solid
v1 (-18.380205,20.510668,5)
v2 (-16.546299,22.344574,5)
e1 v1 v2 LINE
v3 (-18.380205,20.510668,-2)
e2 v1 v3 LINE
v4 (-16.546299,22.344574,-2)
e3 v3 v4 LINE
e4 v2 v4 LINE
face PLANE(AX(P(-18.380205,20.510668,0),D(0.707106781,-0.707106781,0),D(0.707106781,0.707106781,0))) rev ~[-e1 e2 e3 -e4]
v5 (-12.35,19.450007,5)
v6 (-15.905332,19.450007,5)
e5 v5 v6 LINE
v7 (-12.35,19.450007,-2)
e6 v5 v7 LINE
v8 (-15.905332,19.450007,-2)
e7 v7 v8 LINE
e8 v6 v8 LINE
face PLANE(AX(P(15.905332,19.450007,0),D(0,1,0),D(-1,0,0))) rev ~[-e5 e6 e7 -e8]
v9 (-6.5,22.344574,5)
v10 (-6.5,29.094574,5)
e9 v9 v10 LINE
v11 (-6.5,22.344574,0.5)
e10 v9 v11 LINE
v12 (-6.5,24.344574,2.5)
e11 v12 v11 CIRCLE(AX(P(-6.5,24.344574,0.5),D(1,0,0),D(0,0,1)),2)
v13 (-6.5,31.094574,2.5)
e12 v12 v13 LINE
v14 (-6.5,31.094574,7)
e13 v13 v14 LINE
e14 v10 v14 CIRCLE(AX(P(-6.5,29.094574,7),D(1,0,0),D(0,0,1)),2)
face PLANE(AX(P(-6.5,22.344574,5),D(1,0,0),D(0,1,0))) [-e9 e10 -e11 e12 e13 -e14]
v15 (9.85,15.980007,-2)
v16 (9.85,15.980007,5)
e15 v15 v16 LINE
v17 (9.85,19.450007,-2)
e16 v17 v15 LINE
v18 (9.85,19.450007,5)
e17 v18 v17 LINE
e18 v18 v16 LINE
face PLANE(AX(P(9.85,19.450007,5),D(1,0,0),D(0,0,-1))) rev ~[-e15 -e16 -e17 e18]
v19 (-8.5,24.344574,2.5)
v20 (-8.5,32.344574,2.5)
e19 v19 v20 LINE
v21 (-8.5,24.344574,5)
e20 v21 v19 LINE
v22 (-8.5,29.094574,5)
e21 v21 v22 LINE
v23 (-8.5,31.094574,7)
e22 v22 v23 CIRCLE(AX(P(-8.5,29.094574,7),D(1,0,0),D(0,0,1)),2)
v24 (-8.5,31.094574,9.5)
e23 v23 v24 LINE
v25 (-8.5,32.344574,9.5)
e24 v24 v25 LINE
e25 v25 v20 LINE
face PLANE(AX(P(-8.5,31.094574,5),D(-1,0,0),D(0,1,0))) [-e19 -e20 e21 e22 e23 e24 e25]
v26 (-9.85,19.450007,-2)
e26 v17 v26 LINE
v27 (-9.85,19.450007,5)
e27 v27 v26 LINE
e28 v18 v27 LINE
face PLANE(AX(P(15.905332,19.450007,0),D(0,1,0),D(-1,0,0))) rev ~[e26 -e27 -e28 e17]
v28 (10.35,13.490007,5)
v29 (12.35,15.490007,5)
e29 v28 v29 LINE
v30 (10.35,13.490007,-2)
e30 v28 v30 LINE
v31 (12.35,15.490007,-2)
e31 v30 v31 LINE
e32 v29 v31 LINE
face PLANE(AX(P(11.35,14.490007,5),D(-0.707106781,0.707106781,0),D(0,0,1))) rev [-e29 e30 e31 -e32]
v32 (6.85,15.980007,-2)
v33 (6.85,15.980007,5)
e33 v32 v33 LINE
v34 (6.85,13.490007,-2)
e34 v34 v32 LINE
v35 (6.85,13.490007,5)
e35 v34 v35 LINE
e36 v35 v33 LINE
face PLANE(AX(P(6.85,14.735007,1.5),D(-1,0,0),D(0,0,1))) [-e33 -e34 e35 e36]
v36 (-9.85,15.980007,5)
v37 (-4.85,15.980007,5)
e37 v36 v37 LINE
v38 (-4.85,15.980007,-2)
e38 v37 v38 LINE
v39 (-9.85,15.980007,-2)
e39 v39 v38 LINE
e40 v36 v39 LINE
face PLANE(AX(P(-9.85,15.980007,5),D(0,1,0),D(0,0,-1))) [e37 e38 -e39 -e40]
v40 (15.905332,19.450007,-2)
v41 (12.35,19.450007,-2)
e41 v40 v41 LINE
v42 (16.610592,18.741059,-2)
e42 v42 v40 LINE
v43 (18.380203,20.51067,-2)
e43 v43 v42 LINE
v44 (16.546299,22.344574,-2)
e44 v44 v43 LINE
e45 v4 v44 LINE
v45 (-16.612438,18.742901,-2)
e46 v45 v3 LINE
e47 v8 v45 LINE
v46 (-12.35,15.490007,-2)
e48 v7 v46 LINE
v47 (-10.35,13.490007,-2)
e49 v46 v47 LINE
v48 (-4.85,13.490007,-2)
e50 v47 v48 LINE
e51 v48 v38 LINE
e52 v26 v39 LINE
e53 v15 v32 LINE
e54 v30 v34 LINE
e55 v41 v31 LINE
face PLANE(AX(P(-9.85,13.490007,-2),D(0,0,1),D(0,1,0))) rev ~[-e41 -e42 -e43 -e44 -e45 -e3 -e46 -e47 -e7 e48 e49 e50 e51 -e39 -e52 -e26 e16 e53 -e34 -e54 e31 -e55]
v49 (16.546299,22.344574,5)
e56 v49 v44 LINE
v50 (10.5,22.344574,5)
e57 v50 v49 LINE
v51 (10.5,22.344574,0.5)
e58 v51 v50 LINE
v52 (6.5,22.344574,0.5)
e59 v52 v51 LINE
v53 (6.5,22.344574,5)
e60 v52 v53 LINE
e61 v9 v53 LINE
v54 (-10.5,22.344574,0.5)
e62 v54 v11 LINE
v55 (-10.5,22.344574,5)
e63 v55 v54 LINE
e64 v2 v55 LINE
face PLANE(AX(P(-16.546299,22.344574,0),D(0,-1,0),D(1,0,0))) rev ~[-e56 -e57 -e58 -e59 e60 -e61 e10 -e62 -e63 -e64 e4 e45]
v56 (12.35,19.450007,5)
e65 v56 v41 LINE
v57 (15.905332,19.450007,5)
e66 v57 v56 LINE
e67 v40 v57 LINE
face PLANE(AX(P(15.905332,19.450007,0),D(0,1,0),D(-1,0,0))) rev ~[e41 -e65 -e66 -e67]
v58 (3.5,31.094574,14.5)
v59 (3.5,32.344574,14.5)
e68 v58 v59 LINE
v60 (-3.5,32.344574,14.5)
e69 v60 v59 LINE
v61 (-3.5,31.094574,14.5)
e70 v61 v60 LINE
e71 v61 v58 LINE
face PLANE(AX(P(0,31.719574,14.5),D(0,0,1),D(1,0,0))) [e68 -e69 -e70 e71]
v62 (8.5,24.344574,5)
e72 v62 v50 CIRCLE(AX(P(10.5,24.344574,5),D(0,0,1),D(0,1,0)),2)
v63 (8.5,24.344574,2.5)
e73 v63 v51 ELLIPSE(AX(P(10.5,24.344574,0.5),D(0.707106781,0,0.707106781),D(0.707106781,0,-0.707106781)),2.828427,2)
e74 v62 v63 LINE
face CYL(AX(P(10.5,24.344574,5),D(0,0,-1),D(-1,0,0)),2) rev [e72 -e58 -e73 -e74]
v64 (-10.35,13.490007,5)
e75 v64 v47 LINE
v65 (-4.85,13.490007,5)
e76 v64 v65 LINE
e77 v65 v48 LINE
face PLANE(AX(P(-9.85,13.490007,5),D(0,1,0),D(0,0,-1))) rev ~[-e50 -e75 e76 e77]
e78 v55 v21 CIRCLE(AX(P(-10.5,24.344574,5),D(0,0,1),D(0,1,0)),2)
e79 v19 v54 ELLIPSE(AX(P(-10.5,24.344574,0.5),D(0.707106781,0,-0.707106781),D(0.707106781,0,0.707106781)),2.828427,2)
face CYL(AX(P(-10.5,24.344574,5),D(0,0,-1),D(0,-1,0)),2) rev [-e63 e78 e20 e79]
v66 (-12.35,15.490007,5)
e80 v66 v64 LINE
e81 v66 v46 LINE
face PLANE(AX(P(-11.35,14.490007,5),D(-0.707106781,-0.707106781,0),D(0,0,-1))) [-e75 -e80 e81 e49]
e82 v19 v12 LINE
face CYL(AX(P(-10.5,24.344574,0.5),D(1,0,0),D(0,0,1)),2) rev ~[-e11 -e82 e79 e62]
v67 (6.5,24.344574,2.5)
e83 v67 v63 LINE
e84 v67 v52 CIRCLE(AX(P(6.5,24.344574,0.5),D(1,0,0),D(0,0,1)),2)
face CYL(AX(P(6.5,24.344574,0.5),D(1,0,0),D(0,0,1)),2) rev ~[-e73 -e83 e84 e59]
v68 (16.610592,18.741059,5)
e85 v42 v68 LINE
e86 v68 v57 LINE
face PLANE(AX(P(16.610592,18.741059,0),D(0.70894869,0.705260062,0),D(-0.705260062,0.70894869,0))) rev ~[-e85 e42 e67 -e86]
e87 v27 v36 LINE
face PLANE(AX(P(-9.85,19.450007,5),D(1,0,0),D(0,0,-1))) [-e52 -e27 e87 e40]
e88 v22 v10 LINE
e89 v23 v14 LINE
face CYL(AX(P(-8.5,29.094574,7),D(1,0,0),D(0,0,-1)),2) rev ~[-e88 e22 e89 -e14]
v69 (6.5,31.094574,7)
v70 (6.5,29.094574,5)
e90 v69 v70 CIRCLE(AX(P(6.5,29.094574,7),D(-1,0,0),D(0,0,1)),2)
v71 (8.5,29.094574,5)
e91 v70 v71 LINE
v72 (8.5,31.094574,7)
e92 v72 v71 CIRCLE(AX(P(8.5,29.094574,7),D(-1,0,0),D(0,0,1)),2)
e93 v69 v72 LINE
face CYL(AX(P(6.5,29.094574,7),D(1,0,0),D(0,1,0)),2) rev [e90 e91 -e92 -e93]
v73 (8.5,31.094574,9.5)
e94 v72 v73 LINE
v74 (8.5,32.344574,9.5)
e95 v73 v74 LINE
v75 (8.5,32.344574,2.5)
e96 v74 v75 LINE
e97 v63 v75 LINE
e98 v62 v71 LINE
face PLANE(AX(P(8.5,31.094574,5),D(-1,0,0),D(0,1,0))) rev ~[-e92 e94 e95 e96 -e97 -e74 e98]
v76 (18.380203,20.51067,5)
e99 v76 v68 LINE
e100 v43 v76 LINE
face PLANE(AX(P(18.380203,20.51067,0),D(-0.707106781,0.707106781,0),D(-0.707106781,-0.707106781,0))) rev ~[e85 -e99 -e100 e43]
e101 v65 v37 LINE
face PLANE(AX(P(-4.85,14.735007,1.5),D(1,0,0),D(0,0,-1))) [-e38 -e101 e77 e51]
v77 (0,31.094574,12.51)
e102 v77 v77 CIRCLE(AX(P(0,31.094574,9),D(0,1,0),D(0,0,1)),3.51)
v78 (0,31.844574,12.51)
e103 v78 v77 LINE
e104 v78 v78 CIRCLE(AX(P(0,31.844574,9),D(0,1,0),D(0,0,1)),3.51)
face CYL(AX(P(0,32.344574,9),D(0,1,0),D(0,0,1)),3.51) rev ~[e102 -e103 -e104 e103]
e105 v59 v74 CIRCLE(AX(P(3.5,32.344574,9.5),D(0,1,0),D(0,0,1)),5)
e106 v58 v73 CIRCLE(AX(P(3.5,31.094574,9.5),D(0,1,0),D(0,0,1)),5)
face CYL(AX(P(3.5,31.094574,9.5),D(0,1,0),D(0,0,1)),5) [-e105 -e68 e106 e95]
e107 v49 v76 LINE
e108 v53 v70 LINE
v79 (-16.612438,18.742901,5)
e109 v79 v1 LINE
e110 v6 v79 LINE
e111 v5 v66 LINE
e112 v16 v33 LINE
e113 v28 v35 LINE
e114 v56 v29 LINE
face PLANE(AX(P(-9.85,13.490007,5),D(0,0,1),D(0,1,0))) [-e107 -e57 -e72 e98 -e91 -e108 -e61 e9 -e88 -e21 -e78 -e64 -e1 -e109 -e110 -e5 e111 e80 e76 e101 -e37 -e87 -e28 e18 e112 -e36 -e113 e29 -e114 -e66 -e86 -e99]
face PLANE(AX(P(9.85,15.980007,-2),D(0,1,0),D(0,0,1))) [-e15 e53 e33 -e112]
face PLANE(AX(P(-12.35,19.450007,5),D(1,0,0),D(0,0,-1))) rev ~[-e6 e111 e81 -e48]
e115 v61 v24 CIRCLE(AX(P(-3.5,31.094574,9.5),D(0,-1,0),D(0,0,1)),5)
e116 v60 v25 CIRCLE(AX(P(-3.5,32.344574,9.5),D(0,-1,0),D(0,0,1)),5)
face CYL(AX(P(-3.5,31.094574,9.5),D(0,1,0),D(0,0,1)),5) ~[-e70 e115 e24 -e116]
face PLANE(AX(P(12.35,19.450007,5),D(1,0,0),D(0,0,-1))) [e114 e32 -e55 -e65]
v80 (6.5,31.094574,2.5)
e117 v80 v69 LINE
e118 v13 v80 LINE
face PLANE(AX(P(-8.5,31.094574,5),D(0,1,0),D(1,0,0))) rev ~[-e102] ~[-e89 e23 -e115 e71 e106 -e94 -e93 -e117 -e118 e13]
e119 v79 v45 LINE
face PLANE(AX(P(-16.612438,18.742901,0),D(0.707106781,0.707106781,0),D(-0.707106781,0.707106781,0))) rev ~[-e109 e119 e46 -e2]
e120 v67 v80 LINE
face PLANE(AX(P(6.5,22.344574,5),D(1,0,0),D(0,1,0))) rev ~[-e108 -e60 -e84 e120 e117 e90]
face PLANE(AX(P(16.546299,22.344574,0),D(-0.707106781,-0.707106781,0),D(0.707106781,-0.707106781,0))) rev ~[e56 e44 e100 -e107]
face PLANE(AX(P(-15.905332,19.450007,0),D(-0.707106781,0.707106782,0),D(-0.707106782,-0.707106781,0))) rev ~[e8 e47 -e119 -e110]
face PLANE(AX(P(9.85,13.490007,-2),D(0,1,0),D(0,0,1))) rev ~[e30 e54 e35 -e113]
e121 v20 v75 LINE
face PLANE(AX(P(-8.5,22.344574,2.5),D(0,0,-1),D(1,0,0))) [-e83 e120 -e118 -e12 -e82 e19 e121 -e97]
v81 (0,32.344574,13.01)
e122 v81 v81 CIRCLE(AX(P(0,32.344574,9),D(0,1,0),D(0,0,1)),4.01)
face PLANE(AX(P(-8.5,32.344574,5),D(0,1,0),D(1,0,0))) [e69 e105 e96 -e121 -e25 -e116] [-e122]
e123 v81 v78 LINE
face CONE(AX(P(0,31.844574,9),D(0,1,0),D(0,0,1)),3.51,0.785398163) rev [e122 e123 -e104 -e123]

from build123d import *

# Parameters (mm, degrees)
BOSS_EXTRUDE2_DEPTH = 5
BOSS_EXTRUDE3_DEPTH = 2
SKETCH8_W           = 2.5
SKETCH8_H           = 7
BOSS_EXTRUDE4_DEPTH = 5.96
SKETCH10_W          = 7
SKETCH10_H          = 2.49
BOSS_EXTRUDE5_DEPTH = 3
SKETCH11_W          = 7
SKETCH11_H          = 2.49
BOSS_EXTRUDE6_DEPTH = 5
SKETCH12_W          = 17
SKETCH12_H          = 2.5
BOSS_EXTRUDE7_DEPTH = 10
CUT_EXTRUDE7_REACH  = 39.855
SKETCH14_W          = 13
SKETCH14_H          = 8.75
SKETCH16_W          = 17
SKETCH16_H          = 1.25
BOSS_EXTRUDE8_DEPTH = 9.5
CUT_EXTRUDE8_REACH  = 32.06
SKETCH17_R          = 3.51
FILLET7_R           = 2
FILLET8_R           = 5
FILLET9_R           = 5
CHAMFER1_SIZE       = 2
CHAMFER2_SIZE       = 2
FILLET11_R          = 2
FILLET12_R          = 2
FILLET13_R          = 2
FILLET14_R          = 2
FILLET16_R          = 2
CHAMFER3_SIZE       = 0.5


with BuildPart() as part:
    # Sketch2 → Boss-Extrude2 (new body)
    with BuildSketch(Plane.XY):
        Polygon((15.905331571, 19.450007488), (-15.905331571, 19.450007488), (-16.612438353, 18.742900707), (-18.380205305, 20.51066766), (-16.54629868, 22.344574285), (16.54629868, 22.344574285), (18.3802029, 20.510670065), (16.610591633, 18.741058798), align=None)
    extrude(amount=BOSS_EXTRUDE2_DEPTH)

    # Sketch2<2> → Boss-Extrude3 (add)
    with BuildSketch(Plane.XY):
        Polygon((15.905331571, 19.450007488), (-15.905331571, 19.450007488), (-16.612438353, 18.742900707), (-18.380205305, 20.51066766), (-16.54629868, 22.344574285), (16.54629868, 22.344574285), (18.3802029, 20.510670065), (16.610591633, 18.741058798), align=None)
    extrude(amount=-BOSS_EXTRUDE3_DEPTH)

    # Sketch8 → Boss-Extrude4 (add)
    with BuildSketch(Plane(origin=(0, 19.450007488, 0), x_dir=(-1, 0, 0), z_dir=(0, -1, 0))):
        with Locations((11.1, -1.5)):
            Rectangle(SKETCH8_W, SKETCH8_H)
        with Locations((-11.1, -1.5)):
            Rectangle(SKETCH8_W, SKETCH8_H)
    extrude(amount=BOSS_EXTRUDE4_DEPTH)

    # Sketch10 → Boss-Extrude5 (add)
    with BuildSketch(Plane.ZY.offset(-9.85)):
        with Locations((1.5, 14.735007488)):
            Rectangle(SKETCH10_W, SKETCH10_H)
    extrude(amount=BOSS_EXTRUDE5_DEPTH)

    # Sketch11 → Boss-Extrude6 (add)
    with BuildSketch(Plane(origin=(-9.85, 0, 0), x_dir=(0, 0, -1), z_dir=(1, 0, 0))):
        with Locations((-1.5, 14.735007488)):
            Rectangle(SKETCH11_W, SKETCH11_H)
    extrude(amount=BOSS_EXTRUDE6_DEPTH)

    # Sketch12 → Boss-Extrude7 (add)
    with BuildSketch(Plane(origin=(0, 22.344574285, 0), x_dir=(1, 0, 0), z_dir=(0, 1, 0))):
        with Locations((0, -3.75)):
            Rectangle(SKETCH12_W, SKETCH12_H)
    extrude(amount=BOSS_EXTRUDE7_DEPTH)

    # Sketch14 → Cut-Extrude7 (cut, up to next)
    with BuildSketch(Plane.XY.offset(5), mode=Mode.PRIVATE) as cut_extrude7_sk1:
        with Locations((0, 26.719574285)):
            Rectangle(SKETCH14_W, SKETCH14_H)
    cut_extrude7_tool1 = extrude(cut_extrude7_sk1.sketch, amount=-CUT_EXTRUDE7_REACH, mode=Mode.PRIVATE) & part.part
    add(cut_extrude7_tool1.solids().sort_by_distance((0, 26.719574, 5))[0], mode=Mode.SUBTRACT)

    # Sketch16 → Boss-Extrude8 (add)
    with BuildSketch(Plane.XY.offset(5)):
        with Locations((0, 31.719574285)):
            Rectangle(SKETCH16_W, SKETCH16_H)
    extrude(amount=BOSS_EXTRUDE8_DEPTH)

    # Sketch17 → Cut-Extrude8 (cut, up to next)
    with BuildSketch(Plane(origin=(0, 32.344574285, 0), x_dir=(1, 0, 0), z_dir=(0, 1, 0)), mode=Mode.PRIVATE) as cut_extrude8_sk1:
        with Locations((0, -9)):
            Circle(SKETCH17_R)
    cut_extrude8_tool1 = extrude(cut_extrude8_sk1.sketch, amount=-CUT_EXTRUDE8_REACH, mode=Mode.PRIVATE) & part.part
    add(cut_extrude8_tool1.solids().sort_by_distance((0, 32.344574, 9))[0], mode=Mode.SUBTRACT)

    # Fillet7
    fillet7_edges = [part.edges().sort_by_distance(p)[0] for p in [
        (7.5, 31.094574285, 5),
    ]]
    fillet(fillet7_edges, radius=FILLET7_R)

    # Fillet8
    fillet8_edges = [part.edges().sort_by_distance(p)[0] for p in [
        (8.5, 31.719574285, 14.5),
    ]]
    fillet(fillet8_edges, radius=FILLET8_R)

    # Fillet9
    fillet9_edges = [part.edges().sort_by_distance(p)[0] for p in [
        (-8.5, 31.719574285, 14.5),
    ]]
    fillet(fillet9_edges, radius=FILLET9_R)

    # Chamfer1
    chamfer1_edges = [part.edges().sort_by_distance(p)[0] for p in [
        (-12.35, 13.490007488, 1.5),
    ]]
    chamfer(chamfer1_edges, length=CHAMFER1_SIZE)

    # Chamfer2
    chamfer2_edges = [part.edges().sort_by_distance(p)[0] for p in [
        (12.35, 13.490007488, 1.5),
    ]]
    chamfer(chamfer2_edges, length=CHAMFER2_SIZE)

    # Fillet11
    fillet11_edges = [part.edges().sort_by_distance(p)[0] for p in [
        (-8.5, 22.344574285, 3.75),
    ]]
    fillet(fillet11_edges, radius=FILLET11_R)

    # Fillet12
    fillet12_edges = [part.edges().sort_by_distance(p)[0] for p in [
        (8.5, 22.344574285, 3.75),
    ]]
    fillet(fillet12_edges, radius=FILLET12_R)

    # Fillet13
    fillet13_edges = [part.edges().sort_by_distance(p)[0] for p in [
        (8.5, 22.344574285, 2.5),
    ]]
    fillet(fillet13_edges, radius=FILLET13_R)

    # Fillet14
    fillet14_edges = [part.edges().sort_by_distance(p)[0] for p in [
        (-8.5, 22.344574285, 2.5),
    ]]
    fillet(fillet14_edges, radius=FILLET14_R)

    # Fillet16
    fillet16_edges = [part.edges().sort_by_distance(p)[0] for p in [
        (-7.5, 31.094574285, 5),
    ]]
    fillet(fillet16_edges, radius=FILLET16_R)

    # Chamfer3
    chamfer3_edges = [part.edges().sort_by_distance(p)[0] for p in [
        (-3.51, 32.344574285, 9),
    ]]
    chamfer(chamfer3_edges, length=CHAMFER3_SIZE)


solid = part.part
